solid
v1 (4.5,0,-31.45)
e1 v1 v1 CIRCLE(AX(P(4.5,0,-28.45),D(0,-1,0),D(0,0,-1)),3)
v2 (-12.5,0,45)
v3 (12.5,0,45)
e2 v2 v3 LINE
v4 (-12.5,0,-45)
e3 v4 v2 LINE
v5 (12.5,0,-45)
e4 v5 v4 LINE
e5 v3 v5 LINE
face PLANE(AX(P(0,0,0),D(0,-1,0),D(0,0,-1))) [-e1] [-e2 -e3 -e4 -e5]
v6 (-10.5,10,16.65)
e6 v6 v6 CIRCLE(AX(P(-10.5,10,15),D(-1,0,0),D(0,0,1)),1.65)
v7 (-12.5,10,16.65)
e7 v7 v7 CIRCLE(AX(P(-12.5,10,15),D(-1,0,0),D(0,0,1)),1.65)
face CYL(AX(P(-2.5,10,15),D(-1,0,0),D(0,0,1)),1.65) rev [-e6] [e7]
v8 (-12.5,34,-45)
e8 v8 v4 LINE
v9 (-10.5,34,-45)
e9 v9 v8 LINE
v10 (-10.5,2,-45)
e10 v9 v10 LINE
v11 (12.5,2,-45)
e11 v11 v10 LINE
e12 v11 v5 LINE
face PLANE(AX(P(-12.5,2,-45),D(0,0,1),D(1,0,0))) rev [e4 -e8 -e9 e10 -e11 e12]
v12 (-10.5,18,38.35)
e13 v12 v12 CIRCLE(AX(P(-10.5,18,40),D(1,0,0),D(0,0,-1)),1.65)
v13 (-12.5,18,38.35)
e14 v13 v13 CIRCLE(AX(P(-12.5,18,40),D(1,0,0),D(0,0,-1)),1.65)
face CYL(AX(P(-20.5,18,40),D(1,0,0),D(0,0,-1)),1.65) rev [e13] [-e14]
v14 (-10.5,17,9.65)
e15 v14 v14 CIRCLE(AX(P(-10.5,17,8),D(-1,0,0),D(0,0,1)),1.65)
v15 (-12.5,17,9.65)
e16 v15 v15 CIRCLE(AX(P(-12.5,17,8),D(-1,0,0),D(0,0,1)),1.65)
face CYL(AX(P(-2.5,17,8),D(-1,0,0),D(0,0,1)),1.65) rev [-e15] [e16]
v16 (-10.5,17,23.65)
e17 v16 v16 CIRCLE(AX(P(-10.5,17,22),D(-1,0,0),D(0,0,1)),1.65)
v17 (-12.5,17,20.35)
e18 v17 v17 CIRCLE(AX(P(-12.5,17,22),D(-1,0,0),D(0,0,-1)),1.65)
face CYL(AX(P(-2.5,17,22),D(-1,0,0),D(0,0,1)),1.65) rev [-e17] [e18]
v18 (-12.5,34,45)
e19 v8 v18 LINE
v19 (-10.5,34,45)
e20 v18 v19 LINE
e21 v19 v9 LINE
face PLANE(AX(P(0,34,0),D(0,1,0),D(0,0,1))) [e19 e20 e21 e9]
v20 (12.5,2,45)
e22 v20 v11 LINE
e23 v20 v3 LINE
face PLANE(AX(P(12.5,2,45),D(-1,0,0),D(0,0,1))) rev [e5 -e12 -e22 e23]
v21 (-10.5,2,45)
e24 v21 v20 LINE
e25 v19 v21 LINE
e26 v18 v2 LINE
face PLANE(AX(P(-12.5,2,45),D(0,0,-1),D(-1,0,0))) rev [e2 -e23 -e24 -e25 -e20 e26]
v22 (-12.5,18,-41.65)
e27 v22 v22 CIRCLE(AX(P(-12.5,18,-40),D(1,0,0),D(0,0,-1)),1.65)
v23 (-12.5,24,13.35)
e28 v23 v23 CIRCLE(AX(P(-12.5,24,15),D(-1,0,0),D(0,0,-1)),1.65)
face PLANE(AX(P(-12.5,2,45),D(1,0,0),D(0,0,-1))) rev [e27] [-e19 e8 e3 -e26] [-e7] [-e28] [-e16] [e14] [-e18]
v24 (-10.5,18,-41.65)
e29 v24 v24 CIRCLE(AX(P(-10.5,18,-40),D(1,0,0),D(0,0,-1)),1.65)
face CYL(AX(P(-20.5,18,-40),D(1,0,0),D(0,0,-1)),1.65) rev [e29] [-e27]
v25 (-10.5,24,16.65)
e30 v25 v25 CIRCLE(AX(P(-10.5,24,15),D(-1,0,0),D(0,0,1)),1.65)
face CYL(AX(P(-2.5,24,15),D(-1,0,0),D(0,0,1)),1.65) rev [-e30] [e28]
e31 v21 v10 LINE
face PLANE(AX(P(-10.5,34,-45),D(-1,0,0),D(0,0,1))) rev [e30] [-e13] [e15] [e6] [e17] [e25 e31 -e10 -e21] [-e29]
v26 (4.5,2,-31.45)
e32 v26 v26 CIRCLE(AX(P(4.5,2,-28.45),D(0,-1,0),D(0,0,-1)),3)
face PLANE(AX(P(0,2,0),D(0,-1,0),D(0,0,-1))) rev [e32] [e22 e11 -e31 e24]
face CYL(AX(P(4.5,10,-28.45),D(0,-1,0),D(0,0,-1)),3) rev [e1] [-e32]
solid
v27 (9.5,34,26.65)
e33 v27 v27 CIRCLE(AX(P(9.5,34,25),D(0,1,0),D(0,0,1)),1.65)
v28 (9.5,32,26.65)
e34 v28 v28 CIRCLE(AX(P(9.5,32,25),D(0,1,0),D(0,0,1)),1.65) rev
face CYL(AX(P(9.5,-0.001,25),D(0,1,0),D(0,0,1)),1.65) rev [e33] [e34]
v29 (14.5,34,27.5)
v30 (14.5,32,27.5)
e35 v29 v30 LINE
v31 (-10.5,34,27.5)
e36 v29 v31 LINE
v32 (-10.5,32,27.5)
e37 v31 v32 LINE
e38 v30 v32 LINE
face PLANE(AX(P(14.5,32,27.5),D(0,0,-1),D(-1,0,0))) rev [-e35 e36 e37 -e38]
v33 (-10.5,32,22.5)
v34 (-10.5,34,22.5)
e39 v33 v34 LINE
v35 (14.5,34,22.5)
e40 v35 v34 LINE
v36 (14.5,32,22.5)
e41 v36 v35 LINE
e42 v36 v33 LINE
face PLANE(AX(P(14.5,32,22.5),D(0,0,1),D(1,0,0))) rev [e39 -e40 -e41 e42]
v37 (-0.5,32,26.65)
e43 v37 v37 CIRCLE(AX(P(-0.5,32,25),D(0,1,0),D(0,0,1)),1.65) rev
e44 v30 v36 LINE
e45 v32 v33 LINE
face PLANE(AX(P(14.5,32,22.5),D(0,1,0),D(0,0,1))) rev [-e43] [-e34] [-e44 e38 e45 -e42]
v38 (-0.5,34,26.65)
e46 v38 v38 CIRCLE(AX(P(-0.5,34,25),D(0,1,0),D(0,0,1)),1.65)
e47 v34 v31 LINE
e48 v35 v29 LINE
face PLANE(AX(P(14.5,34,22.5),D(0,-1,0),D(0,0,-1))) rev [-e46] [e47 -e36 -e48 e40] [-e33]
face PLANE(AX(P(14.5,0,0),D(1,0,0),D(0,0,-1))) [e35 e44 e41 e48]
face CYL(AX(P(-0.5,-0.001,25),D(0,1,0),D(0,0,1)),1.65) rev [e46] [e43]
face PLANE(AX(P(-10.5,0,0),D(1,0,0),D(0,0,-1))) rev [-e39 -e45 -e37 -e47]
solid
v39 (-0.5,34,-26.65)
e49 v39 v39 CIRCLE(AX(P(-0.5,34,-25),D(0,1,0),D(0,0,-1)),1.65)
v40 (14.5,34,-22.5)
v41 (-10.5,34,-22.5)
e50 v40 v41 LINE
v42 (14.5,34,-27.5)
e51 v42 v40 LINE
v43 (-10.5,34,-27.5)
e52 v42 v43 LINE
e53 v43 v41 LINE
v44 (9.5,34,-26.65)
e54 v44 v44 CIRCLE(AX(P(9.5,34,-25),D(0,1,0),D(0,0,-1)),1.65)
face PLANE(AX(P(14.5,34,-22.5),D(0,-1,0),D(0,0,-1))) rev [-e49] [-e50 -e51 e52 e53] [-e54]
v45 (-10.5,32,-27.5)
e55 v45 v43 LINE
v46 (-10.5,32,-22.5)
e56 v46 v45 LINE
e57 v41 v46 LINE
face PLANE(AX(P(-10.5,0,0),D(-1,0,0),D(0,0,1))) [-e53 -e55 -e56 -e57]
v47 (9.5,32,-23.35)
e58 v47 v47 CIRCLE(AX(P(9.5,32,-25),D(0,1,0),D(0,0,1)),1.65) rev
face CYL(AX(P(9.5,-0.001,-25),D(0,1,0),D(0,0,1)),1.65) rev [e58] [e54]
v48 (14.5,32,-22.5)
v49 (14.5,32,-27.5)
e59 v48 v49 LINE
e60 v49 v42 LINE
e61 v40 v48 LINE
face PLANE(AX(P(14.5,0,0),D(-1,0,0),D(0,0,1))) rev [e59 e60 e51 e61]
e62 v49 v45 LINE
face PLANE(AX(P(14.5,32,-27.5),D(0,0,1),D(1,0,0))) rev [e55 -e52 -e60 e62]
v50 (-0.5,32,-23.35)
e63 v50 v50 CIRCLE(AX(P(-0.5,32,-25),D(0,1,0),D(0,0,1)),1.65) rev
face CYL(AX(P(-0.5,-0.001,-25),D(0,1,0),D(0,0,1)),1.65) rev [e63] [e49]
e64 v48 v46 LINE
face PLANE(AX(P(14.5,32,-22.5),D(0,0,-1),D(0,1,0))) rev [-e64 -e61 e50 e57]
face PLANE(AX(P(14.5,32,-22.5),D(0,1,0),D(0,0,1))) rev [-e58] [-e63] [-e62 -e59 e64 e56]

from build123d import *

# Parameters (mm, degrees)
SKETCH_1_W          = 25
SKETCH_1_H          = 90
EXTRUDE_1_DEPTH     = 2
SKETCH_3_W          = 2
SKETCH_3_H          = 90
EXTRUDE_2_DEPTH     = 32
SKETCH_4_W          = 5
SKETCH_4_H          = 2
EXTRUDE_3_DEPTH     = 25
EXTRUDE_3_2_DEPTH   = 25
SKETCH_5_R          = 1.65
CUT_EXTRUDE_2_DEPTH = 2
SKETCH_6_R          = 1.65
CUT_EXTRUDE_3_DEPTH = 10
SKETCH_7_R          = 3
CUT_EXTRUDE_4_DEPTH = 10
SKETCH_8_R          = 1.65
CUT_EXTRUDE_5_DEPTH = 10


with BuildPart() as part:
    # 草图1 → 凸台-拉伸1 (new body)
    with BuildSketch(Plane(origin=(0, 0, 0), x_dir=(1, 0, 0), z_dir=(0, 1, 0))):
        Rectangle(SKETCH_1_W, SKETCH_1_H)
    extrude(amount=EXTRUDE_1_DEPTH)

    # 草图3 → 凸台-拉伸2 (add)
    with BuildSketch(Plane(origin=(0, 2, 0), x_dir=(1, 0, 0), z_dir=(0, 1, 0))):
        with Locations((-11.5, 0)):
            Rectangle(SKETCH_3_W, SKETCH_3_H)
    extrude(amount=EXTRUDE_2_DEPTH)

    # 草图6 → 切除-拉伸3 (cut)
    with BuildSketch(Plane.ZY.offset(12.5)):
        with Locations((8, 17)):
            Circle(SKETCH_6_R)
        with Locations((22, 17)):
            Circle(SKETCH_6_R)
        with Locations((15, 10)):
            Circle(SKETCH_6_R)
        with Locations((15, 24)):
            Circle(SKETCH_6_R)
    extrude(amount=-CUT_EXTRUDE_3_DEPTH, mode=Mode.SUBTRACT)

    # 草图7 → 切除-拉伸4 (cut)
    with BuildSketch(Plane(origin=(0, 0, 0), x_dir=(-1, 0, 0), z_dir=(0, -1, 0))):
        with Locations(Location((-4.5, 28.45, 0), (0, 0, 90))):
            Circle(SKETCH_7_R)
    extrude(amount=-CUT_EXTRUDE_4_DEPTH, mode=Mode.SUBTRACT)

    # 草图8 → 切除-拉伸5 (cut)
    with BuildSketch(Plane(origin=(-10.5, 0, 0), x_dir=(0, 0, -1), z_dir=(1, 0, 0))):
        with Locations((-40, 18)):
            Circle(SKETCH_8_R)
        with Locations((40, 18)):
            Circle(SKETCH_8_R)
    extrude(amount=-CUT_EXTRUDE_5_DEPTH, mode=Mode.SUBTRACT)


with BuildPart() as body_2:
    # 草图4 → 凸台-拉伸3 (new body)
    with BuildSketch(Plane(origin=(-10.5, 0, 0), x_dir=(0, 0, -1), z_dir=(1, 0, 0))):
        with Locations((25, 33)):
            Rectangle(SKETCH_4_W, SKETCH_4_H)
    extrude(amount=EXTRUDE_3_DEPTH)


with BuildPart() as body_3:
    # 草图4 → Extrude 3 2 (new body)
    with BuildSketch(Plane(origin=(-10.5, 0, 0), x_dir=(0, 0, -1), z_dir=(1, 0, 0))):
        with Locations((-25, 33)):
            Rectangle(SKETCH_4_W, SKETCH_4_H)
    extrude(amount=EXTRUDE_3_2_DEPTH)


with BuildPart() as cut_extrude_2_tool:
    # 草图5 → 切除-拉伸2 (new body)
    with BuildSketch(Plane(origin=(0, 34, 0), x_dir=(1, 0, 0), z_dir=(0, 1, 0))):
        with Locations(Location((-0.5, -25, 0), (0, 0, 270))):
            Circle(SKETCH_5_R)
        with Locations(Location((9.5, -25, 0), (0, 0, 270))):
            Circle(SKETCH_5_R)
        with Locations(Location((9.5, 25, 0), (0, 0, 270))):
            Circle(SKETCH_5_R)
        with Locations(Location((-0.5, 25, 0), (0, 0, 270))):
            Circle(SKETCH_5_R)
    extrude(amount=-CUT_EXTRUDE_2_DEPTH)


with BuildPart() as body_2_1:
    add(body_2.part)

    # 切除-拉伸2: cut by cut_extrude_2_tool
    add(cut_extrude_2_tool.part, mode=Mode.SUBTRACT)


with BuildPart() as body_3_1:
    add(body_3.part)

    # 切除-拉伸2: cut by cut_extrude_2_tool
    add(cut_extrude_2_tool.part, mode=Mode.SUBTRACT)


solid = Compound([part.part, body_2_1.part, body_3_1.part])
